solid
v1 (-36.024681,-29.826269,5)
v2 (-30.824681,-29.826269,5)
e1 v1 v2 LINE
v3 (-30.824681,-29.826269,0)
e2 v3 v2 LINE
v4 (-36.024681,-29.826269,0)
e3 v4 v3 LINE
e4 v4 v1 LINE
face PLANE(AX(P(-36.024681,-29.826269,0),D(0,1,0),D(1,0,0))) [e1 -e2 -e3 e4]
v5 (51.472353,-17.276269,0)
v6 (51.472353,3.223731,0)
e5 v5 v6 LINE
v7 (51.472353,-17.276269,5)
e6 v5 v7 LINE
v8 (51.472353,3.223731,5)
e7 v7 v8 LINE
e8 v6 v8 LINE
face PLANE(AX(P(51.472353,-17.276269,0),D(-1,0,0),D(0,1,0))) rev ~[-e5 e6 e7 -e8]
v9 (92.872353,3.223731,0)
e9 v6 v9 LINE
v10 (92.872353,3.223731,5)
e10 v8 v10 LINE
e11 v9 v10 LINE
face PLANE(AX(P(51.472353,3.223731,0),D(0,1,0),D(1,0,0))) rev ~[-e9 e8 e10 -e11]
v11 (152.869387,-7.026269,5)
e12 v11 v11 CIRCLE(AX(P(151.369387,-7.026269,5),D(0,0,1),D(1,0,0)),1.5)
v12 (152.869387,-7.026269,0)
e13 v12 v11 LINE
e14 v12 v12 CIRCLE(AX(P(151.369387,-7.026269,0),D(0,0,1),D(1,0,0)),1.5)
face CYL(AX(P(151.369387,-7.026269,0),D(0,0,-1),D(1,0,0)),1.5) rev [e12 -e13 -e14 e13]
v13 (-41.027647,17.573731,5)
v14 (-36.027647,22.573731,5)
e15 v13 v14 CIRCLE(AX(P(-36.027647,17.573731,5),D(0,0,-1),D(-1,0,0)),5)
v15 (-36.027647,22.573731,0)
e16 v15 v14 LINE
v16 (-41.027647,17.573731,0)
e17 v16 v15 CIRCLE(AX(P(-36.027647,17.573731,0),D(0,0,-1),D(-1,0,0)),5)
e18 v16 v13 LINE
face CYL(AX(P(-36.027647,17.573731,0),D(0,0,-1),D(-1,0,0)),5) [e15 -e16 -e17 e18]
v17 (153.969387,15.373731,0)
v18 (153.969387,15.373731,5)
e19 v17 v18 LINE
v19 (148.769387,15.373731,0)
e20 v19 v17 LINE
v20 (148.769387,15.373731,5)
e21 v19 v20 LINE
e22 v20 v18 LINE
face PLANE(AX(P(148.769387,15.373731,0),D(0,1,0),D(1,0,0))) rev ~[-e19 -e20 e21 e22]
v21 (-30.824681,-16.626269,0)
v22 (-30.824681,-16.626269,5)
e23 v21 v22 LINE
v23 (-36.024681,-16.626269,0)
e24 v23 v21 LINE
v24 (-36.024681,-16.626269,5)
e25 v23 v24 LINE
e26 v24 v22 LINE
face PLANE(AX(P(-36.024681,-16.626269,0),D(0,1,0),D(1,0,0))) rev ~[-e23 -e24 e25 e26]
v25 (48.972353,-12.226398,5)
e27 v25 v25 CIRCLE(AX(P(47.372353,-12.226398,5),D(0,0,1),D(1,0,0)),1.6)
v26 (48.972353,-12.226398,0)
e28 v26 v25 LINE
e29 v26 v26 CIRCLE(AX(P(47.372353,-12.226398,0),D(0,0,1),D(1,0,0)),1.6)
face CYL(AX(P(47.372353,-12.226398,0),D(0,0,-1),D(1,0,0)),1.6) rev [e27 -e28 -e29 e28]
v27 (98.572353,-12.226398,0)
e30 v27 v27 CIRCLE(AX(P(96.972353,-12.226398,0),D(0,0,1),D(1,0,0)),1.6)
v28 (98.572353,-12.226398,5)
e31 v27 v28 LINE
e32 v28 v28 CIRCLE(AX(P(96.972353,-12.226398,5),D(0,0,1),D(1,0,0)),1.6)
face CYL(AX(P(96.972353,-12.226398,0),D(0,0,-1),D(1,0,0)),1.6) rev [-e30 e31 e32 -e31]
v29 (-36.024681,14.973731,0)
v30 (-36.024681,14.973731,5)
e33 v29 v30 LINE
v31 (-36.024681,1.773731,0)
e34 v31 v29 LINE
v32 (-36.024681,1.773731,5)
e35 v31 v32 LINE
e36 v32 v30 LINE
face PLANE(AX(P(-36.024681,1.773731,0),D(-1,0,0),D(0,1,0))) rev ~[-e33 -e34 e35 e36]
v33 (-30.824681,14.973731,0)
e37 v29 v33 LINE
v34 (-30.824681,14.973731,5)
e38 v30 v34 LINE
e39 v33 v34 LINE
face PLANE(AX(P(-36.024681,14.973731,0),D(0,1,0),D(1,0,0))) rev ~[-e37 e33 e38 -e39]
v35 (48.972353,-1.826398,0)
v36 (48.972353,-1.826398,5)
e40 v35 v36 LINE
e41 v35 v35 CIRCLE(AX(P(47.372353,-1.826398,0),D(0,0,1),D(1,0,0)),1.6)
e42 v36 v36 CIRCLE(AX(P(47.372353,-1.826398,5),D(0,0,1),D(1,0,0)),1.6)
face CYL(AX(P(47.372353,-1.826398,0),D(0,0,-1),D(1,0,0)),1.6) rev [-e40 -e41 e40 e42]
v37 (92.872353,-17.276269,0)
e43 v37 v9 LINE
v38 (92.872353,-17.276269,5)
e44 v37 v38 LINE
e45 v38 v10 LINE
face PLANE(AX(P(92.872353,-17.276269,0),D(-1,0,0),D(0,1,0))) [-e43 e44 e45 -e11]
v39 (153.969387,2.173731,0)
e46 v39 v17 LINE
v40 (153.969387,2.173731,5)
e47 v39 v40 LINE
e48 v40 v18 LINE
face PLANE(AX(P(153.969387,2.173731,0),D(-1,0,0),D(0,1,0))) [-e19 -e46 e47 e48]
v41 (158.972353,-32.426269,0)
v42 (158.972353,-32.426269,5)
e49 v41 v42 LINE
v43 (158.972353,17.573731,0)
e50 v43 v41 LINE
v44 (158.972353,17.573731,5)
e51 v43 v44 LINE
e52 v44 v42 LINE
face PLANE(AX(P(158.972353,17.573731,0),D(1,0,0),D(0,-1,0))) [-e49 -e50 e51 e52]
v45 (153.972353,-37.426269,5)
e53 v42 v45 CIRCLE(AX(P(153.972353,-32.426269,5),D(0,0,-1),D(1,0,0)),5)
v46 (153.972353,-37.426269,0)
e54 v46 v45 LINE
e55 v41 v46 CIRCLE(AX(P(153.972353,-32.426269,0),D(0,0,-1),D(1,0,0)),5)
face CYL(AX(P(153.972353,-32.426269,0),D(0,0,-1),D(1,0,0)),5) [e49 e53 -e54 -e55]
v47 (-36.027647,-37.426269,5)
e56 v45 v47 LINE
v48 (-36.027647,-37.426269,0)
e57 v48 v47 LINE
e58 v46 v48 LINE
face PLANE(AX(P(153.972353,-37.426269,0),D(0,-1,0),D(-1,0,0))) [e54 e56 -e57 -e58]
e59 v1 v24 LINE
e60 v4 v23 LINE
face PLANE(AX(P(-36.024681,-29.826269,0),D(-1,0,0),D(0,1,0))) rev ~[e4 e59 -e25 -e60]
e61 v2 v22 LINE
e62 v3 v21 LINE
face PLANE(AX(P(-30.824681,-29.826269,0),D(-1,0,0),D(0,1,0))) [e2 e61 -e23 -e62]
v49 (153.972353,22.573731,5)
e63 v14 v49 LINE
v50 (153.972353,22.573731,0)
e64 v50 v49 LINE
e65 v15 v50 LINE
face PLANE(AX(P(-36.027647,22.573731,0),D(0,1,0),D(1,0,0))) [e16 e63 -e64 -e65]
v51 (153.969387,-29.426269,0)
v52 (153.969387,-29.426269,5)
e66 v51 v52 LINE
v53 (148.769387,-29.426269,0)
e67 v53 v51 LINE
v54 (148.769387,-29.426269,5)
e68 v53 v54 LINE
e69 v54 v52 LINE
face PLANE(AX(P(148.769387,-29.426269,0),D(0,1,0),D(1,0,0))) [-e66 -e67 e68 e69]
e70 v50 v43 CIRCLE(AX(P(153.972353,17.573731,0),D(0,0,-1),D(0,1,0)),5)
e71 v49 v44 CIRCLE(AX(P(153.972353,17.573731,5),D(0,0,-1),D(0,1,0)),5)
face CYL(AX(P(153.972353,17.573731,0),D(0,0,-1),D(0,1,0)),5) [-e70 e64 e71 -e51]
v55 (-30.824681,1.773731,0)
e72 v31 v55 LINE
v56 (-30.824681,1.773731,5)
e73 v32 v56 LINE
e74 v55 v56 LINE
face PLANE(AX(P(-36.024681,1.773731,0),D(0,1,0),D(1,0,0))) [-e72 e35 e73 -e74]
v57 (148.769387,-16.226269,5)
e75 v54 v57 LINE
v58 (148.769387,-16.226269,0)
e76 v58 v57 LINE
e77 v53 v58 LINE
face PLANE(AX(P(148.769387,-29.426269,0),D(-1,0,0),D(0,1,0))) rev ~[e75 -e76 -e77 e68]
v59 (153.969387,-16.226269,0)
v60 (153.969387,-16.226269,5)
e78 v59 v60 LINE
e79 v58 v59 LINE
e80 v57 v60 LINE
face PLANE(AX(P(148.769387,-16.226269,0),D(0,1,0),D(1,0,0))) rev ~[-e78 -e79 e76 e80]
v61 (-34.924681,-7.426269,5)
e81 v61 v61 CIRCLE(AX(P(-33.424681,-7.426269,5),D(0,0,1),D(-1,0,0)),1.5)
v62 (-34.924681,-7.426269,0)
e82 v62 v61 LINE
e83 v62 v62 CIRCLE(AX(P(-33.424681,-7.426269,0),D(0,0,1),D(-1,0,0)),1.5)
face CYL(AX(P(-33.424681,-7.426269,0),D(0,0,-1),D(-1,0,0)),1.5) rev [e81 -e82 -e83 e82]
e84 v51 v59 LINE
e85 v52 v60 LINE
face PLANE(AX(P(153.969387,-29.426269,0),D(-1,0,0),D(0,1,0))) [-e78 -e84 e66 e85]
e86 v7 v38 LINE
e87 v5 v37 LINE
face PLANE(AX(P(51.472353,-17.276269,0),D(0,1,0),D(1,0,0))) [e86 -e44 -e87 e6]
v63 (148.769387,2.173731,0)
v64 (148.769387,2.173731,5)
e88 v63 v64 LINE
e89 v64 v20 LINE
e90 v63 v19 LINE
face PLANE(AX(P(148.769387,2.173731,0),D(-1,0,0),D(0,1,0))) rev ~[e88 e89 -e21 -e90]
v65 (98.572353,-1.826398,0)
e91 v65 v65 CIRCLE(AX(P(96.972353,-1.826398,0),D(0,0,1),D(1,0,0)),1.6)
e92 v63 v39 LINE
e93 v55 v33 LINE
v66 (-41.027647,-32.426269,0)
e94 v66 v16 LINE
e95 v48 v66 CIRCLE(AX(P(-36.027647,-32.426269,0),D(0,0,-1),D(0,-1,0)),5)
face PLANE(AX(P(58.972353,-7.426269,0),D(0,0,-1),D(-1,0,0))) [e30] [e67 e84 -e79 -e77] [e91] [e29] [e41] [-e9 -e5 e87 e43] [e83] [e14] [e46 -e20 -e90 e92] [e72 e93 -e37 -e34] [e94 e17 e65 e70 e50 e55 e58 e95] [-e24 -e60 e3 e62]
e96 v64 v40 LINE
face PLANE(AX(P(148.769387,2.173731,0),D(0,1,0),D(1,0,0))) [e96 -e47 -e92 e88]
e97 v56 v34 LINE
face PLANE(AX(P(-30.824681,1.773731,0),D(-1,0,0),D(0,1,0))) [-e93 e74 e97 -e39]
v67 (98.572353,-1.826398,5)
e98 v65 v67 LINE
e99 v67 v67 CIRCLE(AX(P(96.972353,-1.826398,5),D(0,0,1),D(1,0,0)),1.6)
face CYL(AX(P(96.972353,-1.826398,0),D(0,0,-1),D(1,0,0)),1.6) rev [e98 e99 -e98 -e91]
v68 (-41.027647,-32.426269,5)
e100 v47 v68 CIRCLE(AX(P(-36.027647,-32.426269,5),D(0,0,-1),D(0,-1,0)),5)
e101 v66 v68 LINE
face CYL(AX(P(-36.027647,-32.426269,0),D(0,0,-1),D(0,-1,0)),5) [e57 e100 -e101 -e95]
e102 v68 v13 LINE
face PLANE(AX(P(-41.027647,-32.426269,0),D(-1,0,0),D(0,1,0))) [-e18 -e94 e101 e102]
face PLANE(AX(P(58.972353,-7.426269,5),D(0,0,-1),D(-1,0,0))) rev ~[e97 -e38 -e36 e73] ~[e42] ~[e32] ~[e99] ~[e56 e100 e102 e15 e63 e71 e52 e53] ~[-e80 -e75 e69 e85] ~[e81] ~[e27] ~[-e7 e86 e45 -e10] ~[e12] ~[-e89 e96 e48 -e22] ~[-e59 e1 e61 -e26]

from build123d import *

# Parameters (mm, degrees)
SKETCH1_R           = 1.6
SKETCH1_R_2         = 1.5
SKETCH1_W           = 5.2
SKETCH1_H           = 13.2
SKETCH1_W_2         = 41.4
SKETCH1_H_2         = 20.5
BOSS_EXTRUDE1_DEPTH = 5


with BuildPart() as part:
    # Sketch1 → Boss-Extrude1 (new body)
    with BuildSketch(Plane.XY):
        with BuildLine():
            Line((-36.027647281, 22.573731276), (153.972352719, 22.573731276))
            ThreePointArc((153.972352719, 22.573731276), (157.507886625, 21.109265182), (158.972352719, 17.573731276))
            Line((158.972352719, 17.573731276), (158.972352719, -32.426268724))
            ThreePointArc((158.972352719, -32.426268724), (157.507886625, -35.96180263), (153.972352719, -37.426268724))
            Line((153.972352719, -37.426268724), (-36.027647281, -37.426268724))
            ThreePointArc((-36.027647281, -37.426268724), (-39.563181187, -35.96180263), (-41.027647281, -32.426268724))
            Line((-41.027647281, -32.426268724), (-41.027647281, 17.573731276))
            ThreePointArc((-41.027647281, 17.573731276), (-39.563181187, 21.109265182), (-36.027647281, 22.573731276))
        make_face()
        with Locations((47.372352719, -1.826397645)):
            Circle(SKETCH1_R, mode=Mode.SUBTRACT)
        with Locations((47.372352719, -12.226397645)):
            Circle(SKETCH1_R, mode=Mode.SUBTRACT)
        with Locations((96.972352719, -12.226397645)):
            Circle(SKETCH1_R, mode=Mode.SUBTRACT)
        with Locations((96.972352719, -1.826397645)):
            Circle(SKETCH1_R, mode=Mode.SUBTRACT)
        with Locations((151.369386748, -7.026268724)):
            Circle(SKETCH1_R_2, mode=Mode.SUBTRACT)
        with Locations(Location((-33.42468131, -7.426268724, 0), (0, 0, 180))):
            Circle(SKETCH1_R_2, mode=Mode.SUBTRACT)
        with Locations((-33.42468131, 8.373731276)):
            Rectangle(SKETCH1_W, SKETCH1_H, mode=Mode.SUBTRACT)
        with Locations((151.369386748, -22.826268724)):
            Rectangle(SKETCH1_W, SKETCH1_H, mode=Mode.SUBTRACT)
        with Locations((151.369386748, 8.773731276)):
            Rectangle(SKETCH1_W, SKETCH1_H, mode=Mode.SUBTRACT)
        with Locations((72.172352719, -7.026268724)):
            Rectangle(SKETCH1_W_2, SKETCH1_H_2, mode=Mode.SUBTRACT)
        with Locations((-33.42468131, -23.226268724)):
            Rectangle(SKETCH1_W, SKETCH1_H, mode=Mode.SUBTRACT)
    extrude(amount=BOSS_EXTRUDE1_DEPTH)


solid = part.part
